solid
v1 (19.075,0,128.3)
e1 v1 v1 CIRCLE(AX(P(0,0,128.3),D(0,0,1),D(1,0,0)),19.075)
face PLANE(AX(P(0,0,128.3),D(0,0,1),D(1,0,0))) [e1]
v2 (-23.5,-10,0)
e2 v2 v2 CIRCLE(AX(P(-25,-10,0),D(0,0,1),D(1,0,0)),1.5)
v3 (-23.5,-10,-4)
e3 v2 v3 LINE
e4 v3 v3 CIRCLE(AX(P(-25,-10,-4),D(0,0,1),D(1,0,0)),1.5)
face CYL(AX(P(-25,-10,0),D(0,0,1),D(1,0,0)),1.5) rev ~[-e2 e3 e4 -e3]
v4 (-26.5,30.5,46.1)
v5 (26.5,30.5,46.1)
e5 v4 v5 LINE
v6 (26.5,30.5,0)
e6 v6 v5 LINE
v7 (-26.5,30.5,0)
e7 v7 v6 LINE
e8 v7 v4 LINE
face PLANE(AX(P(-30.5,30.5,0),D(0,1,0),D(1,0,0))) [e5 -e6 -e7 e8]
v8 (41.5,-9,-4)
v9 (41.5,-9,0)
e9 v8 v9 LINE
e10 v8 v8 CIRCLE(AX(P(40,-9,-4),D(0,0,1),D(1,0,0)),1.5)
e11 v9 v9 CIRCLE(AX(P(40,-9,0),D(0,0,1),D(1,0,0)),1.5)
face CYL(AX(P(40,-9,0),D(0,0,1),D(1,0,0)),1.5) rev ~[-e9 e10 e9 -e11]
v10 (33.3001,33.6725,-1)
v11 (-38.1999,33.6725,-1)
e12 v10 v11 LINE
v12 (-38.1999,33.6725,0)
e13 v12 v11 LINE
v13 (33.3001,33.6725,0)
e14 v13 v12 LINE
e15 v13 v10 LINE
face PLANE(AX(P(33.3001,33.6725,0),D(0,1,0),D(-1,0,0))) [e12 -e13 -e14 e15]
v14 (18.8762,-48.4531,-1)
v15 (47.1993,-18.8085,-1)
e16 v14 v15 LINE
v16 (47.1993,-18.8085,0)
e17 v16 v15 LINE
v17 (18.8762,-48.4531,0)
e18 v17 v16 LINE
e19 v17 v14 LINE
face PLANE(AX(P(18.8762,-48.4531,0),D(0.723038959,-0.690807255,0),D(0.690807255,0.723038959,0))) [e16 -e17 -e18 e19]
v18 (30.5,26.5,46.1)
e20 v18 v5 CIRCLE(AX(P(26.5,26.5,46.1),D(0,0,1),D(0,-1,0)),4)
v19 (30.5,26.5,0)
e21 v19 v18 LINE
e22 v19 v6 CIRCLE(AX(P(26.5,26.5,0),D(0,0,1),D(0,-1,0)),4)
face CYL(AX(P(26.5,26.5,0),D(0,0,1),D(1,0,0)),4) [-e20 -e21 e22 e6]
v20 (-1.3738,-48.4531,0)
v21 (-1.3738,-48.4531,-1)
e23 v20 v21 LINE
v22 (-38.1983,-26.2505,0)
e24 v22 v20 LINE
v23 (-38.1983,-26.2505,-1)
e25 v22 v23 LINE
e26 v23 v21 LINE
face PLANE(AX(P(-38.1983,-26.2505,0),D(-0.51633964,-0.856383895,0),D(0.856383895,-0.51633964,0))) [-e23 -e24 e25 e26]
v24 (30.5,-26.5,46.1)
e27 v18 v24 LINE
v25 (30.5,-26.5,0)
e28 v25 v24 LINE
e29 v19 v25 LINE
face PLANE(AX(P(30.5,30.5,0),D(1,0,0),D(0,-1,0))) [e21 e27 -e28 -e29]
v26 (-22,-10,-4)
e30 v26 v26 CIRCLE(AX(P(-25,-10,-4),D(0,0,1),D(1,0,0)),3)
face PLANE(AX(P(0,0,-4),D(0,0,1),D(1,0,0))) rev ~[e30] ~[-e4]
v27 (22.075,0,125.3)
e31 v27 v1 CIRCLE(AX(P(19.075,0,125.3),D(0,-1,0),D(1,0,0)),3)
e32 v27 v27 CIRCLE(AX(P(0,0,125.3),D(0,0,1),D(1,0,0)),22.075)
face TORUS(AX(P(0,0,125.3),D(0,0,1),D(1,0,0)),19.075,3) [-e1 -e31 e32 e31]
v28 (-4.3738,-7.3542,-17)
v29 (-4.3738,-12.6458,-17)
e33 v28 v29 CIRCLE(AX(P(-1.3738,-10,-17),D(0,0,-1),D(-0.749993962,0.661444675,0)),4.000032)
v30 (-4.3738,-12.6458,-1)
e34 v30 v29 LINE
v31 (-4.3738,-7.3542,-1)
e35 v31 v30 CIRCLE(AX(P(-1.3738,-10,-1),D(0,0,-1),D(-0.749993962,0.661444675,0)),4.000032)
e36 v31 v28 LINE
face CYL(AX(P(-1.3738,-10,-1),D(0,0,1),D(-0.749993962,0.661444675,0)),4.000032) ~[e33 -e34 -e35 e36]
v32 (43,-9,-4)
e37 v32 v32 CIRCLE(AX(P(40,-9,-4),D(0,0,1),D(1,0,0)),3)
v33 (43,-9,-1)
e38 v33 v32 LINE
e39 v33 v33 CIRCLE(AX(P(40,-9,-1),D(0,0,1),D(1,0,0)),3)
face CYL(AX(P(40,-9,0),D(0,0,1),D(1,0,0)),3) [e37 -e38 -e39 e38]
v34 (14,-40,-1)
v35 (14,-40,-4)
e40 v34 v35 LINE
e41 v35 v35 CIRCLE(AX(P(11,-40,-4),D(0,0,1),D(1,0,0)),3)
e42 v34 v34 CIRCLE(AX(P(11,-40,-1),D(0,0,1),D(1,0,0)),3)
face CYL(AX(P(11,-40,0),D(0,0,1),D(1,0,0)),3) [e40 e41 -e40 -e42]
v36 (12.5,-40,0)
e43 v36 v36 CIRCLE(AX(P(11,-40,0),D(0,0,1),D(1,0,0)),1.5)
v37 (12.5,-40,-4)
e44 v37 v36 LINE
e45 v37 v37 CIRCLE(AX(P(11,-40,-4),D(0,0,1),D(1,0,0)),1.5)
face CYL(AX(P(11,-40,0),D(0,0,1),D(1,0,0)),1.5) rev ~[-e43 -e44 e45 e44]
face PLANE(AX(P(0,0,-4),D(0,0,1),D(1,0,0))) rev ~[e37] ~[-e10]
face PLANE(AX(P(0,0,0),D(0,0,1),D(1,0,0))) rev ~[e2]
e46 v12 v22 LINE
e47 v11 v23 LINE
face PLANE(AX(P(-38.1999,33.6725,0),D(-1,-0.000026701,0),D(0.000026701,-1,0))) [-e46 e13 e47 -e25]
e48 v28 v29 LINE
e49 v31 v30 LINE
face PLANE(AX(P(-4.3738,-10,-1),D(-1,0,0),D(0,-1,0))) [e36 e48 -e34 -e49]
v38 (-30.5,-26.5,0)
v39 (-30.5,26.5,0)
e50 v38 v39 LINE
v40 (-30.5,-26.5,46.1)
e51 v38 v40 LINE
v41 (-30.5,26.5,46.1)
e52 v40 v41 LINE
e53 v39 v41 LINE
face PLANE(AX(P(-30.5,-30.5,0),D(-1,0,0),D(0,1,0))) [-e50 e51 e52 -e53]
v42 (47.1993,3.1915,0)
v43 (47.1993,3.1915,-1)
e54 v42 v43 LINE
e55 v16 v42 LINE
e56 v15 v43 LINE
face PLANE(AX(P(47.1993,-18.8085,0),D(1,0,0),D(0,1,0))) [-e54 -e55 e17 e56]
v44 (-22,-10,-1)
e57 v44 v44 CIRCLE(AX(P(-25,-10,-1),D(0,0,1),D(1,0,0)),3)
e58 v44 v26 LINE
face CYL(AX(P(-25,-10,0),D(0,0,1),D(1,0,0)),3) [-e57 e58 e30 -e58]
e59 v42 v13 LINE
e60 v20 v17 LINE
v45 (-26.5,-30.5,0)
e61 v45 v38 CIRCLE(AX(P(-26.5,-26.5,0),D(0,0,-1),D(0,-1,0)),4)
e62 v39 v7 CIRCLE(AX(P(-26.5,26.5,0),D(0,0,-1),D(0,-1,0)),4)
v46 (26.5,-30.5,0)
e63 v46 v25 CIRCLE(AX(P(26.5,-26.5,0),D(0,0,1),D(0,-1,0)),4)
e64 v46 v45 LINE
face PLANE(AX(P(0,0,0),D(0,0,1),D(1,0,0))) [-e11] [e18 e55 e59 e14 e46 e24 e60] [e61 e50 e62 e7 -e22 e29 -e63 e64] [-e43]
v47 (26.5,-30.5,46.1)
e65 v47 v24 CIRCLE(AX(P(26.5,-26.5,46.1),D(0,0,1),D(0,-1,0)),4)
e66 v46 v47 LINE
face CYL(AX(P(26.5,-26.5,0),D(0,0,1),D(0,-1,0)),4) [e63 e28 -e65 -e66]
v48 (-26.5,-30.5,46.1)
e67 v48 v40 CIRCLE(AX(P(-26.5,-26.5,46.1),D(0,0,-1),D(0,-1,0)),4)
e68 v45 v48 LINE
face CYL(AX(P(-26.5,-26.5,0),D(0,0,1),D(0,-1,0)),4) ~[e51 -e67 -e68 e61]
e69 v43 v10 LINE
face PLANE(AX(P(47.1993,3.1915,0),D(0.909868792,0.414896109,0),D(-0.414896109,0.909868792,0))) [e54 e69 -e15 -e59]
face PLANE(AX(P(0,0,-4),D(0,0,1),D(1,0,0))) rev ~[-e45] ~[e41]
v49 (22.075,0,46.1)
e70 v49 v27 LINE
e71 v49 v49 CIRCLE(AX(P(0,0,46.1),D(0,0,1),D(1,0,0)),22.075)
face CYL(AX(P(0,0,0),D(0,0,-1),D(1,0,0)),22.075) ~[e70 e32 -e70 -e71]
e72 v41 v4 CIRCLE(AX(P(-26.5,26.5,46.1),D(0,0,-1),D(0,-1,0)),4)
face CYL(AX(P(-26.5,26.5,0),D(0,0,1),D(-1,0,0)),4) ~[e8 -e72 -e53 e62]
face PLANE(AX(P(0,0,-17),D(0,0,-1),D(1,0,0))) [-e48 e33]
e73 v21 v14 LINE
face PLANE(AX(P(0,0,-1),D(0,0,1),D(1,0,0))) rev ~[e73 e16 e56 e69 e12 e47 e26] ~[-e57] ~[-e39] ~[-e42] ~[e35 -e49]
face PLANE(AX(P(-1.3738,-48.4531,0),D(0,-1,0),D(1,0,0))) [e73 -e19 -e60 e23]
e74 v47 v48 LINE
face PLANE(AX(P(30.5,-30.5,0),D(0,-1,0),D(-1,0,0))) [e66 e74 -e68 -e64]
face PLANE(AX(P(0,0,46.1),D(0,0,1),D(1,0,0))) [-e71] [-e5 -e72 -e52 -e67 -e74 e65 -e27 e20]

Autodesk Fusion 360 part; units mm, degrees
sketch "Esboço1" plane through (0, 0, 0) normal (0, 0, 1) x (1, 0, 0)
  line L0 (30.5, -30.5) -> (-30.5, -30.5)
  line L1 (-30.5, -30.5) -> (-30.5, 30.5)
  line L2 (-30.5, 30.5) -> (30.5, 30.5)
  line L3 (30.5, 30.5) -> (30.5, -30.5)
  line L4 (30.5, -30.5) -> (-30.5, 30.5) construction
  line L5 (-30.5, -30.5) -> (30.5, 30.5) construction
  circle A0 centre (0, 0) radius 22.075
  dimension "d1" = 61
  dimension "d2" = 44.15
extrude "Extrusão1" add sketch "Esboço1" along normal blind 46.1
extrude "Extrusão2" add sketch "Esboço1" along normal blind 128.3 contours A0
fillet "Arredondamento1" radius 4 4 edges at (30.5, -30.5, 23.05) (30.5, 30.5, 23.05) (-30.5, 30.5, 23.05) (-30.5, -30.5, 23.05)
fillet "Arredondamento2" radius 3 1 edges at (-20.5811, -7.9827, 128.3)
sketch "Esboço3" plane through (0, 0, 0) normal (0, 0, 1) x (1, 0, 0)
sketch "Esboço4" plane through (0, 0, 0) normal (0, 0, 1) x (1, 0, 0)
  line L0 (-38.1983, -26.2505) -> (-1.3738, -48.4531)
  line L1 (-1.3738, -48.4531) -> (18.8762, -48.4531)
  line L2 (18.8762, -48.4531) -> (47.1993, -18.8085)
  line L3 (47.1993, -18.8085) -> (47.1993, 3.1915)
  line L4 (47.1993, 3.1915) -> (33.3001, 33.6725)
  line L5 (33.3001, 33.6725) -> (-38.1999, 33.6725)
  line L6 (-38.1999, 33.6725) -> (-38.1983, -26.2505)
  circle A0 centre (-25, -10) radius 1.5
  circle A1 centre (11, -40) radius 1.5
  circle A2 centre (40, -9) radius 1.5
  circle A3 centre (11, -40) radius 3
  circle A4 centre (40, -9) radius 3
  circle A5 centre (-25, -10) radius 3
  dimension "d25" = 3
  dimension "d26" = 3
  dimension "d27" = 3
  dimension "d28" = 20.25
  dimension "d29" = 43
  dimension "d30" = 71.5
  dimension "d31" = 33.5004
  dimension "d32" = 22
  dimension "d33" = 41
  dimension "d38" = 6
  dimension "d39" = 6
  dimension "d40" = 6
extrude "Extrusão5" add sketch "Esboço4" against normal blind 1 contours L0 L1 L2 L3 L4 L5 L6 | A3 | A4 | A5
extrude "Extrusão6" add sketch "Esboço4" against normal blind 4 contours A3 | A4 | A5
sketch "Esboço5" plane through (0, 0, -1) normal (0, 0, -1) x (1, 0, 0)
  circle A0 centre (40, 9) radius 3
  circle A1 centre (-25, 10) radius 3
  circle A2 centre (11, 40) radius 3
  line L0 (-38.1983, 26.2505) -> (-38.1999, -33.6725)
  line L1 (-38.1999, -33.6725) -> (33.3001, -33.6725)
  line L2 (33.3001, -33.6725) -> (47.1993, -3.1915)
  line L3 (47.1993, -3.1915) -> (47.1993, 18.8085)
  line L4 (47.1993, 18.8085) -> (18.8762, 48.4531)
  line L5 (18.8762, 48.4531) -> (-1.3738, 48.4531)
  line L6 (-1.3738, 48.4531) -> (-38.1983, 26.2505)
  line L7 (-1.3738, 48.4531) -> (-1.3738, 10) construction
  line L8 (-1.3738, 10) -> (-25, 10) construction
  line L9 (-5.3738, 10) -> (-4.3738, 10) construction
  line L10 (-4.3738, 10) -> (-4.3738, 7.3542)
  line L11 (-4.3738, 10) -> (-4.3738, 12.6458)
  arc A3 (-4.3738, 7.3542) -> (-4.3738, 12.6458) centre (-1.3738, 10) ccw
  dimension "d47" = 8
  dimension "d48" = 1
extrude "Extrusão8" add sketch "Esboço5" along normal blind 16 contours L10 L11 A3
equation "d5 = 46.1 mm + 82.2 mm"
